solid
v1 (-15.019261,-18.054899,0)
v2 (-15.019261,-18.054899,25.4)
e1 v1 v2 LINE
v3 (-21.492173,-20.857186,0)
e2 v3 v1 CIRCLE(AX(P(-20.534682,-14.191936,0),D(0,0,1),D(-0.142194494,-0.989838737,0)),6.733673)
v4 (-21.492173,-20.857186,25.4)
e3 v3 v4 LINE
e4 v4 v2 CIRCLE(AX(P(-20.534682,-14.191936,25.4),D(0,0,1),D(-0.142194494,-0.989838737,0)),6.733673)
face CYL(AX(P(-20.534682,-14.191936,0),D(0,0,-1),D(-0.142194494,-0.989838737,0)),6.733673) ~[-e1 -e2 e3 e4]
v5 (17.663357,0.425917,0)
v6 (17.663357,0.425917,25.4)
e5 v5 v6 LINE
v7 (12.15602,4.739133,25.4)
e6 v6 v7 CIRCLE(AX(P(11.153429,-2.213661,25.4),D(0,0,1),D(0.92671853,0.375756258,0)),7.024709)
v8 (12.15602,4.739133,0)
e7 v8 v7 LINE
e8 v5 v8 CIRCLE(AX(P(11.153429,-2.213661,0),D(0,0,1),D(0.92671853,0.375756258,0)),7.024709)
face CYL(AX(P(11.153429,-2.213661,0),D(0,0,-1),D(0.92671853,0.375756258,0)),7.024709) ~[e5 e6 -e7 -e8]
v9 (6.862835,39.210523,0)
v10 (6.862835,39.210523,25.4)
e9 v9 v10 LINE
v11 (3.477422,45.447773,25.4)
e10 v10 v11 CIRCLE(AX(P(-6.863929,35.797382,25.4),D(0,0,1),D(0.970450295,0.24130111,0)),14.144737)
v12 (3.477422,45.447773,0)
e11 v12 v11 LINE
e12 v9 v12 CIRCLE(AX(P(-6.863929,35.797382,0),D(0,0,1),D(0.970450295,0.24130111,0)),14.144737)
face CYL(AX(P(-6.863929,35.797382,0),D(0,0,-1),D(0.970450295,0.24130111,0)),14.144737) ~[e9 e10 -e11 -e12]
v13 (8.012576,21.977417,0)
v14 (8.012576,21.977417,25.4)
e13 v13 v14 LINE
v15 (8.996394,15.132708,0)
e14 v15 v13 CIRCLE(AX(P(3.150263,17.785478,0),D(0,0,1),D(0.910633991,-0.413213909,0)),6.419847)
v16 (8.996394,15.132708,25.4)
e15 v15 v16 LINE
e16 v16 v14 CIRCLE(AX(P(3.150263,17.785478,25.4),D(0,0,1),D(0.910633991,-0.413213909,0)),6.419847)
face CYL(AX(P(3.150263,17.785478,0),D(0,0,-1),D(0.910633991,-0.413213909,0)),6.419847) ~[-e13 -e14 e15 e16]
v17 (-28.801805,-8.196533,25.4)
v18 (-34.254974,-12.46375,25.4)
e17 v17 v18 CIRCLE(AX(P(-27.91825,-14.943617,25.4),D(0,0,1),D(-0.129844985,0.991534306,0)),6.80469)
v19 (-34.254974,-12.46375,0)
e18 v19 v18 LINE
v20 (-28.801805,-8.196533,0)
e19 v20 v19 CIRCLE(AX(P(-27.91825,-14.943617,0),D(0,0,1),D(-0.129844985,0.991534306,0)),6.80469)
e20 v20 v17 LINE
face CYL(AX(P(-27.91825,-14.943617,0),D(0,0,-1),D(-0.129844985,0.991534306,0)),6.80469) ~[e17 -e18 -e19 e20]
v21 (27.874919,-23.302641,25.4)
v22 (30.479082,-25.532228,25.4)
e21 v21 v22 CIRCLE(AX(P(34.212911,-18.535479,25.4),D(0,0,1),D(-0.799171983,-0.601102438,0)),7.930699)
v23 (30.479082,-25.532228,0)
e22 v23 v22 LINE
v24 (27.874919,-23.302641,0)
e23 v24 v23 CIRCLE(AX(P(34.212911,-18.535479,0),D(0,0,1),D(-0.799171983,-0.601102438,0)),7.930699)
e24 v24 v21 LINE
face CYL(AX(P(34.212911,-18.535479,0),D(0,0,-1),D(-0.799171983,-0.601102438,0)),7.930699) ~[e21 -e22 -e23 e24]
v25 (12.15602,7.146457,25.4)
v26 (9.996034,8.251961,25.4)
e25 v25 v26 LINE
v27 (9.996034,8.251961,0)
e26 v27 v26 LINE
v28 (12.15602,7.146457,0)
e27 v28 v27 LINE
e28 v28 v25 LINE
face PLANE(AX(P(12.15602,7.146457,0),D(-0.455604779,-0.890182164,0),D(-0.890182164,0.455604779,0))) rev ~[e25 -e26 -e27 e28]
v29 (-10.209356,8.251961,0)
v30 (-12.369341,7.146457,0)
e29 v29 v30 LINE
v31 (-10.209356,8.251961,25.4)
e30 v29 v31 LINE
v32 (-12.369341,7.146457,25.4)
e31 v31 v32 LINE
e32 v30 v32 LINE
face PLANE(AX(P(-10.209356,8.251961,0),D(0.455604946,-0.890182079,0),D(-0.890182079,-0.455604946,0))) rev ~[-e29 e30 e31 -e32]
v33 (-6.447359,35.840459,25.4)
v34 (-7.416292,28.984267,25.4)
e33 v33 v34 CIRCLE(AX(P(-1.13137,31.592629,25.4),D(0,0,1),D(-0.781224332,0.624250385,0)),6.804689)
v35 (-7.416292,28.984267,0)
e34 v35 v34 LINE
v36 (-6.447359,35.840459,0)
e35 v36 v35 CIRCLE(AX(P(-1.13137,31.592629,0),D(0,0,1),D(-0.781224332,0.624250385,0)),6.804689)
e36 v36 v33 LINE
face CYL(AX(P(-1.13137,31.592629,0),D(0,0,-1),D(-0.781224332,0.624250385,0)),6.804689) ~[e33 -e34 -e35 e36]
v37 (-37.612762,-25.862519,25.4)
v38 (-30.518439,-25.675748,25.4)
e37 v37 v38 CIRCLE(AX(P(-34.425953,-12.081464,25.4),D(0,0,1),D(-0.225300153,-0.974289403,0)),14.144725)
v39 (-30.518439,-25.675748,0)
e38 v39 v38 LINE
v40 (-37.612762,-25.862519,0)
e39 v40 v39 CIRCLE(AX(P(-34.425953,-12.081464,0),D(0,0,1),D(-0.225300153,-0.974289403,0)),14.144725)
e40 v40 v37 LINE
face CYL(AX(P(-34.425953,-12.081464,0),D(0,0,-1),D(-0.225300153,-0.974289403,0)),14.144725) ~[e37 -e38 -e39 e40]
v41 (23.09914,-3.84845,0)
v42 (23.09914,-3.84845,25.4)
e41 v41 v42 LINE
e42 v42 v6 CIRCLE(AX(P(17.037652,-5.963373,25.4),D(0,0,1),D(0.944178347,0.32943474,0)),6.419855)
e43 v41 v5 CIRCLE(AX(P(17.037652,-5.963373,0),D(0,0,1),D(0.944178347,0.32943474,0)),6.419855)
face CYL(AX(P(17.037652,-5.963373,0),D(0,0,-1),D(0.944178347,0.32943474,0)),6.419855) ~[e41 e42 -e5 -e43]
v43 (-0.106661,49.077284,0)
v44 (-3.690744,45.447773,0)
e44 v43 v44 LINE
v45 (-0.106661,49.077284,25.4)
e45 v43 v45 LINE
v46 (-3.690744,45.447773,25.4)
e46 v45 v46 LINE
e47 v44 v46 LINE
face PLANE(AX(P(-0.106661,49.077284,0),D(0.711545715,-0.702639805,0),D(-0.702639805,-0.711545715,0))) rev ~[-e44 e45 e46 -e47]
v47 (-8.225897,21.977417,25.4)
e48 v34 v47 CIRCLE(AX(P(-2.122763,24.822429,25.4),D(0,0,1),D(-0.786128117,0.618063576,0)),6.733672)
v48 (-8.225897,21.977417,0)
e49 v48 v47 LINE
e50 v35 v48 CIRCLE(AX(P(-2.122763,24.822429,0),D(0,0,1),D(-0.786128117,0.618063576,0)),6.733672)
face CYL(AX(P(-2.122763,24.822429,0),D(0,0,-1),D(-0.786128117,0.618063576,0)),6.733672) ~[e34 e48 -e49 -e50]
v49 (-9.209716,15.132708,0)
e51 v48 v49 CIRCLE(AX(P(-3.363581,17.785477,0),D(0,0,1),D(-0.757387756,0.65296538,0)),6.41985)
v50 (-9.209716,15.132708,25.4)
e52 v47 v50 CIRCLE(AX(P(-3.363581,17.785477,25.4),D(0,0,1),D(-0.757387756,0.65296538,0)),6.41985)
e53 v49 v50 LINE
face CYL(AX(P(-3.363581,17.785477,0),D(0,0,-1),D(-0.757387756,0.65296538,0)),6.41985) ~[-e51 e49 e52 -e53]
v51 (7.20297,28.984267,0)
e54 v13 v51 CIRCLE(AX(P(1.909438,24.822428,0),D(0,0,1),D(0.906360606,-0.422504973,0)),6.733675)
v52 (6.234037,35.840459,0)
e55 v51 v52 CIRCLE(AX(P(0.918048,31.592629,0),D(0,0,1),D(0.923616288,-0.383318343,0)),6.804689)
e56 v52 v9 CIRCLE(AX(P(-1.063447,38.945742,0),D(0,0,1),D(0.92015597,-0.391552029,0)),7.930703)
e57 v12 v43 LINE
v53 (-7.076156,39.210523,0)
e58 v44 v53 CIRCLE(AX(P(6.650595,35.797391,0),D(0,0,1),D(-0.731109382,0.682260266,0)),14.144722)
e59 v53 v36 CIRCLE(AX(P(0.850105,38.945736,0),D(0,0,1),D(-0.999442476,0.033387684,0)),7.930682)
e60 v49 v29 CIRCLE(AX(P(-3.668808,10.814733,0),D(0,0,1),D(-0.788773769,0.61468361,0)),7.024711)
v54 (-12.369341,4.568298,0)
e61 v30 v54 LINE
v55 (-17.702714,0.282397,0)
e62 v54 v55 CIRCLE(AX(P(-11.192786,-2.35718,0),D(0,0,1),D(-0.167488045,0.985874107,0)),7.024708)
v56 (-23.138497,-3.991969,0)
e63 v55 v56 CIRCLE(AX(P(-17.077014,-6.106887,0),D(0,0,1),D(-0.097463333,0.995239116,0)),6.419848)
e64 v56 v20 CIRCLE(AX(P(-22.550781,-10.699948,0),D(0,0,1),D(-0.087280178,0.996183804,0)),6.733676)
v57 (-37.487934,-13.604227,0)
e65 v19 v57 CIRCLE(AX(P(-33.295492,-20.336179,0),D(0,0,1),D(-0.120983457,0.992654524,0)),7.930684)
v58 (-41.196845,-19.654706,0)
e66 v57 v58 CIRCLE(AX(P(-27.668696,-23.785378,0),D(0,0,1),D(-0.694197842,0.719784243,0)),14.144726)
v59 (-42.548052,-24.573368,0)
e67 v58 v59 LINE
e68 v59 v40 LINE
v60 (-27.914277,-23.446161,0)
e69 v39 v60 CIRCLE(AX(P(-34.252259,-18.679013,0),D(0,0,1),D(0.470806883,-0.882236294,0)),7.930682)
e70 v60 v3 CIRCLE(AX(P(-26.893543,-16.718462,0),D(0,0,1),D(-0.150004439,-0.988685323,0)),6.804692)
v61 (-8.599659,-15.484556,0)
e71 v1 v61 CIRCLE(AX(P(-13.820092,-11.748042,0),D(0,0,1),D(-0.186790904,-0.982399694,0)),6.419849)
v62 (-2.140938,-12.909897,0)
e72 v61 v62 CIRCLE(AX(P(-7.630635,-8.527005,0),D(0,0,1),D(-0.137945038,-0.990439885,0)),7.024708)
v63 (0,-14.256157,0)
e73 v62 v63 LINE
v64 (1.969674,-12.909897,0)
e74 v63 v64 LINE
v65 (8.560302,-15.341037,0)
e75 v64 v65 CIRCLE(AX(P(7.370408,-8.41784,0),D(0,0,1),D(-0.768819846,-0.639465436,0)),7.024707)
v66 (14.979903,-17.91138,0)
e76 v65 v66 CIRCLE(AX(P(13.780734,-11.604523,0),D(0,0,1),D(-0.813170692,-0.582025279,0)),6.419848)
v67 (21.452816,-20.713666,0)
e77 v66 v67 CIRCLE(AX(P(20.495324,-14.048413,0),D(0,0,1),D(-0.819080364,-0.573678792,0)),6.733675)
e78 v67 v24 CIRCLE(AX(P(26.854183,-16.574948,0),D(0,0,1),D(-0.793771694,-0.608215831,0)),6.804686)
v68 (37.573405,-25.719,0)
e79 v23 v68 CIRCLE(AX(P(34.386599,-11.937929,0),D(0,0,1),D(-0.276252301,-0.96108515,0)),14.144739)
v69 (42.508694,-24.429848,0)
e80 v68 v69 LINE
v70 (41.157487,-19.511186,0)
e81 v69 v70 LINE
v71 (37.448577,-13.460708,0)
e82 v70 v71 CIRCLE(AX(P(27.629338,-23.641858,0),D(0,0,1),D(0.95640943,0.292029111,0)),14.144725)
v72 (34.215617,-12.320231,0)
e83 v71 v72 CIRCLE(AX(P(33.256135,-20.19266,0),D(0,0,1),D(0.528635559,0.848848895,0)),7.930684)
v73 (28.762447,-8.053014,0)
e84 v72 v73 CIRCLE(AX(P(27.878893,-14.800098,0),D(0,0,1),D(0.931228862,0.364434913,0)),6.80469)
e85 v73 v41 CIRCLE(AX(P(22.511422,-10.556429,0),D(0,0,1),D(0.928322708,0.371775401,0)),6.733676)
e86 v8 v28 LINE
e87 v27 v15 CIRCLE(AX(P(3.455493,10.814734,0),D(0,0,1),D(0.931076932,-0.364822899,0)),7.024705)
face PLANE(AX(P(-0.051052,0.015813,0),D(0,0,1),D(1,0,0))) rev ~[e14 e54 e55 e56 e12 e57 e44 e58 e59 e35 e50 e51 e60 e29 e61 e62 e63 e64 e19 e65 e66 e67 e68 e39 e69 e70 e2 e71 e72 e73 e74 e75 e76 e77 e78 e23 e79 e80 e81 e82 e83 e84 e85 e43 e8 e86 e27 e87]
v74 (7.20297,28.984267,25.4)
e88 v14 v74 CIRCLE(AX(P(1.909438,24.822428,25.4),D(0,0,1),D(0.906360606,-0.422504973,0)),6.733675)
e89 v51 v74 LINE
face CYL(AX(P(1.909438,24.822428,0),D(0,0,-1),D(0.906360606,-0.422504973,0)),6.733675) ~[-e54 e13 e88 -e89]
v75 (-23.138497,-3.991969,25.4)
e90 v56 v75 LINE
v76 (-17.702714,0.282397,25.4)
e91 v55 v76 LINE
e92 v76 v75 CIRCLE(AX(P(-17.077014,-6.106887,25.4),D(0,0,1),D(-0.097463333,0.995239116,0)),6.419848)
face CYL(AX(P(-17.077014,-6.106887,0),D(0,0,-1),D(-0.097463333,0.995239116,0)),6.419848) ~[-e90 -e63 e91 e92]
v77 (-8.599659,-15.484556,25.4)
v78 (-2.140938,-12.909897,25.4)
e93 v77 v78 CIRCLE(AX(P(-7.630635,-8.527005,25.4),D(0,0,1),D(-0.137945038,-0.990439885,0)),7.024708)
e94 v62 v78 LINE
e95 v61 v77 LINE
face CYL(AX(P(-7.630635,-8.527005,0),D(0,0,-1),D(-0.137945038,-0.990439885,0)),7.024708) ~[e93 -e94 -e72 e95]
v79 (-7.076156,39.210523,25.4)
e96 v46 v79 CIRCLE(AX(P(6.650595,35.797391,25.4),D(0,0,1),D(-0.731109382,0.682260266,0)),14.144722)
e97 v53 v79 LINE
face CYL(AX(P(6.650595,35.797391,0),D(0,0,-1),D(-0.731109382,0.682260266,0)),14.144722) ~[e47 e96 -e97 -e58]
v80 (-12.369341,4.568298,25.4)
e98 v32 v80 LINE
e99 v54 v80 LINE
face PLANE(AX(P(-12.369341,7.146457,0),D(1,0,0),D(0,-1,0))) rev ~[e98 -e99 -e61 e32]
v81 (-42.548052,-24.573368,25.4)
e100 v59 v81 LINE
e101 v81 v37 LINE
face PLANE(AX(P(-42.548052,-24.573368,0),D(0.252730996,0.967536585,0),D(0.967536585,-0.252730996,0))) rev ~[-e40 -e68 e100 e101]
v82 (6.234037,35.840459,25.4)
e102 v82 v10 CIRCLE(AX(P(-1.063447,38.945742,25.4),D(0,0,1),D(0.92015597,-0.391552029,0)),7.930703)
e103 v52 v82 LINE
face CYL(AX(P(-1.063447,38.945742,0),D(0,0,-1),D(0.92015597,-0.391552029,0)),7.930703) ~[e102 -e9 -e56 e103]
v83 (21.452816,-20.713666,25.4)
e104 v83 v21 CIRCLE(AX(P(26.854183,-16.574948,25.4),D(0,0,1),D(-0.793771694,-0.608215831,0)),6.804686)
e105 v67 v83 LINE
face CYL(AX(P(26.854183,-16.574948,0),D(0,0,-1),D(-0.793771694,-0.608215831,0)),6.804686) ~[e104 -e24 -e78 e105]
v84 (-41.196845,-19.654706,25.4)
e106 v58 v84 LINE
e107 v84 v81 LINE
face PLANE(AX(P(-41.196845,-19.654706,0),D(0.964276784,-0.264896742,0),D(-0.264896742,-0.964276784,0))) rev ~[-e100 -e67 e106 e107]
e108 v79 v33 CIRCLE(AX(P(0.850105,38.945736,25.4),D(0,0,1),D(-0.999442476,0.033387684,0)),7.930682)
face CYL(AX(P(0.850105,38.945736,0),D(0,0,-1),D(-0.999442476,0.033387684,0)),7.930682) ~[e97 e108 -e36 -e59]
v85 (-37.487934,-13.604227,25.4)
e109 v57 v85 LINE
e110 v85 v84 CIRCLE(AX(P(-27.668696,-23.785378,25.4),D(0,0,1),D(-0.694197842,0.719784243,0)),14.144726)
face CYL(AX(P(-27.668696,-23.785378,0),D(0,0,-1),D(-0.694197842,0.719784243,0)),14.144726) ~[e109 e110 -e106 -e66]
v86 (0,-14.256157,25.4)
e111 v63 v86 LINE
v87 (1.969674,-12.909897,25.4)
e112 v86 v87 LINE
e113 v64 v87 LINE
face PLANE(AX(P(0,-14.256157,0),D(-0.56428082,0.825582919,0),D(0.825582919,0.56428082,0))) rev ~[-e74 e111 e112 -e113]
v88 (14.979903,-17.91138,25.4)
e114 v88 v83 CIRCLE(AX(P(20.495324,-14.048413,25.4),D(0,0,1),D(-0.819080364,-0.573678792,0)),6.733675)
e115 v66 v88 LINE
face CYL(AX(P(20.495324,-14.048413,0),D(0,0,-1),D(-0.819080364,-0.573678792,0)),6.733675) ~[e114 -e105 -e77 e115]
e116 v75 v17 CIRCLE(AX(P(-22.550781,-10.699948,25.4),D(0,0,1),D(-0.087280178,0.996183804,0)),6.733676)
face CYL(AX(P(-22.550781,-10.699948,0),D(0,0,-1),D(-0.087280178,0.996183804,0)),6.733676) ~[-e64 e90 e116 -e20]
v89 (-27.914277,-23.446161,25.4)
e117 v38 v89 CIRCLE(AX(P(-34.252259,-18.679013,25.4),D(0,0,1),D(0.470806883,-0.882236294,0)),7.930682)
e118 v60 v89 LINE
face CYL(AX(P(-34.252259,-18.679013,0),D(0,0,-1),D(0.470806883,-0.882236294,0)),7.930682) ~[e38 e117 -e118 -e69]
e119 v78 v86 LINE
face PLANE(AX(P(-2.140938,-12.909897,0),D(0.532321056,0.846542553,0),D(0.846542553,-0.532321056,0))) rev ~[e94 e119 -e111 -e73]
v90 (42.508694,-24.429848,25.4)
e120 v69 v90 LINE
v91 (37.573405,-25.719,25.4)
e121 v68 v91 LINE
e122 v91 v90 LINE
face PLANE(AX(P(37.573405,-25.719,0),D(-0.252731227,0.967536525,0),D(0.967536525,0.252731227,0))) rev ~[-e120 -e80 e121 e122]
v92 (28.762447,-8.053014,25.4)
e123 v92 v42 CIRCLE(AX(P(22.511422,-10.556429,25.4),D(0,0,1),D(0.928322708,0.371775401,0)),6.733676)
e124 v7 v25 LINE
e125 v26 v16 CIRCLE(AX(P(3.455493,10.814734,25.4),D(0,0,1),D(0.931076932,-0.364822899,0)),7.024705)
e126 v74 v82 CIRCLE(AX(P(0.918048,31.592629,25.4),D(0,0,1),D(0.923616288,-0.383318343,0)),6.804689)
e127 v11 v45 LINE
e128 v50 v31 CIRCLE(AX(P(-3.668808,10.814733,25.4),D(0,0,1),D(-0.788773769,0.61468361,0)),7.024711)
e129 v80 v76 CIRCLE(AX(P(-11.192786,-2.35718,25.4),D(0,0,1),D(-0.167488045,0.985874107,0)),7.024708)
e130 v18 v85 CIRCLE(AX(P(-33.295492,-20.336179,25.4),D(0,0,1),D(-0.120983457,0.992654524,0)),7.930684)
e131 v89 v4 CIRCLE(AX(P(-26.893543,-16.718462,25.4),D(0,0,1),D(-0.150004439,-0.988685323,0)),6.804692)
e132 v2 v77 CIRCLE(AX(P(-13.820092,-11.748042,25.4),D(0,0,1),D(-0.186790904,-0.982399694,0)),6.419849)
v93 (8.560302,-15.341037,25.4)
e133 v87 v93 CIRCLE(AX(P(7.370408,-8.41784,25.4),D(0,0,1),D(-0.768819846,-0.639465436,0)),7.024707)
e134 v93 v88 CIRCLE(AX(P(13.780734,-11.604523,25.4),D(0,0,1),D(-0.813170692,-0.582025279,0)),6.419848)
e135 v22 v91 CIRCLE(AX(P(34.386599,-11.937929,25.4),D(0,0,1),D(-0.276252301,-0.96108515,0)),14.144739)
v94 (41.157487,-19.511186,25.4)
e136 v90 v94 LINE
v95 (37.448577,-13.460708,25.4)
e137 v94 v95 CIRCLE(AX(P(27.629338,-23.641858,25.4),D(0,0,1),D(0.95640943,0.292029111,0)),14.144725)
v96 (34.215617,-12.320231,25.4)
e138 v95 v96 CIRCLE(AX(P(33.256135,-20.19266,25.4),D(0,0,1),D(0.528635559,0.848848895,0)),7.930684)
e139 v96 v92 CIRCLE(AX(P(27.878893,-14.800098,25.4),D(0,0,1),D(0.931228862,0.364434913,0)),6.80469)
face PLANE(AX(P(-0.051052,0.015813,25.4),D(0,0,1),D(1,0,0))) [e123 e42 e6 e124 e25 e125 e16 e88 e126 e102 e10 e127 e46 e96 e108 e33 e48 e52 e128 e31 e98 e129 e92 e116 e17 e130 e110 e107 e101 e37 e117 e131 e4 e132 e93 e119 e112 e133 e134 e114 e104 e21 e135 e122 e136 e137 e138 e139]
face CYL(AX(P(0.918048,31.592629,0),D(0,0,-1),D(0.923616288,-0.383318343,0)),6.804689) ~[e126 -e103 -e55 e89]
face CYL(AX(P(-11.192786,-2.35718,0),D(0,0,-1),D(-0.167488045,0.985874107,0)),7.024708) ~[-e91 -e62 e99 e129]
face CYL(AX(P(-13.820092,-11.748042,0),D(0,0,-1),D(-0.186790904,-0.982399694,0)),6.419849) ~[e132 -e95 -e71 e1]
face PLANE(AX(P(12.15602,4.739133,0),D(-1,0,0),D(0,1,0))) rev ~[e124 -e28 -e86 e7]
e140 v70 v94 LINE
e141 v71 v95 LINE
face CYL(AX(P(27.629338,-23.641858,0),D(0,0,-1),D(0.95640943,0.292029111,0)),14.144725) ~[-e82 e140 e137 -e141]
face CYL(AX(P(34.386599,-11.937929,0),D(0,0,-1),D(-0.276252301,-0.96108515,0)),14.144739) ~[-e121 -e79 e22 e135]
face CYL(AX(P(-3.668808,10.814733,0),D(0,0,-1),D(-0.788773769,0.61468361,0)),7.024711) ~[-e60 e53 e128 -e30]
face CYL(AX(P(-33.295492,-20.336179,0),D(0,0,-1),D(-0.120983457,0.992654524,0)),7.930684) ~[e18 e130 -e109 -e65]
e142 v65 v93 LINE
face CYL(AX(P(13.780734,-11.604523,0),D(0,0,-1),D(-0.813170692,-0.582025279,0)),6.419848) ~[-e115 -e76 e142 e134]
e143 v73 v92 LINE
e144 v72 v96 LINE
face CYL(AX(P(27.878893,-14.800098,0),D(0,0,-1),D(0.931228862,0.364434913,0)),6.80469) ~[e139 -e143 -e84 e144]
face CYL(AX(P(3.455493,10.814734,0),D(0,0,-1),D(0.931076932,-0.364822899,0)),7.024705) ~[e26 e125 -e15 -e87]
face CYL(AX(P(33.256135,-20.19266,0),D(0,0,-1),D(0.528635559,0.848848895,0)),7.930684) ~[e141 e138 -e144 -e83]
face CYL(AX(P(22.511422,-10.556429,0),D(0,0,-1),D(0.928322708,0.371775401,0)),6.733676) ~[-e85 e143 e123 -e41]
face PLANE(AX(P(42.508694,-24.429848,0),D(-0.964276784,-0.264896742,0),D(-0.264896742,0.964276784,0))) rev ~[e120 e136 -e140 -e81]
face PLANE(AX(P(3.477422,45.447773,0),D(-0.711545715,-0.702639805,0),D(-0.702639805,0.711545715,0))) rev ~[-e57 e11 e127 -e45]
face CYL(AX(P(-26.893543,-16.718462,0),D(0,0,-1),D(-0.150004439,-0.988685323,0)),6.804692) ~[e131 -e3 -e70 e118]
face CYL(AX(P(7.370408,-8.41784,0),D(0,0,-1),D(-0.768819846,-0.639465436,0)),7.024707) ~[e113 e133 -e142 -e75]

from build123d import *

# Parameters (mm, degrees)
F1_DEPTH = 25.4


with BuildPart() as f1:
    # F0 (on Top) → F1 (new body)
    with BuildSketch(Plane.XY):
        with BuildLine():
            Line((3.477422, 45.447773), (-0.106661, 49.077284))
            Line((-0.106661, 49.077284), (-3.690744, 45.447773))
            ThreePointArc((-3.690744, 45.447773), (-5.78098, 42.544917), (-7.076156, 39.210523))
            ThreePointArc((-7.076156, 39.210523), (-6.946034, 37.491108), (-6.447359, 35.840459))
            ThreePointArc((-6.447359, 35.840459), (-7.869109, 32.544822), (-7.416292, 28.984267))
            ThreePointArc((-7.416292, 28.984267), (-8.811931, 25.595328), (-8.225897, 21.977417))
            ThreePointArc((-8.225897, 21.977417), (-9.718126, 18.698842), (-9.209716, 15.132708))
            ThreePointArc((-9.209716, 15.132708), (-10.620539, 11.824686), (-10.209356, 8.251961))
            Line((-10.209356, 8.251961), (-12.369341, 7.146457))
            Line((-12.369341, 7.146457), (-12.369341, 4.638605))
            Line((-12.369341, 4.638605), (-12.369341, 4.568298))
            ThreePointArc((-12.369341, 4.568298), (-15.593098, 3.118565), (-17.702714, 0.282397))
            ThreePointArc((-17.702714, 0.282397), (-21.045283, -1.060374), (-23.138497, -3.991969))
            ThreePointArc((-23.138497, -3.991969), (-26.564717, -5.293405), (-28.801805, -8.196533))
            ThreePointArc((-28.801805, -8.196533), (-32.111744, -9.58466), (-34.254974, -12.46375))
            ThreePointArc((-34.254974, -12.46375), (-35.933816, -12.857209), (-37.487934, -13.604227))
            ThreePointArc((-37.487934, -13.604227), (-39.728016, -16.39308), (-41.196845, -19.654706))
            Line((-41.196845, -19.654706), (-42.548052, -24.573368))
            Line((-42.548052, -24.573368), (-37.612762, -25.862519))
            ThreePointArc((-37.612762, -25.862519), (-34.053697, -26.221289), (-30.518439, -25.675748))
            ThreePointArc((-30.518439, -25.675748), (-29.094443, -24.703351), (-27.914277, -23.446161))
            ThreePointArc((-27.914277, -23.446161), (-24.349296, -23.029614), (-21.492173, -20.857186))
            ThreePointArc((-21.492173, -20.857186), (-17.859447, -20.371375), (-15.019261, -18.054899))
            ThreePointArc((-15.019261, -18.054899), (-11.433817, -17.70792), (-8.599659, -15.484556))
            ThreePointArc((-8.599659, -15.484556), (-5.029416, -15.052354), (-2.140938, -12.909897))
            Line((-2.140938, -12.909897), (0, -14.256157))
            Line((0, -14.256157), (1.969674, -12.909897))
            ThreePointArc((1.969674, -12.909897), (4.939276, -15.008447), (8.560302, -15.341037))
            ThreePointArc((8.560302, -15.341037), (11.39446, -17.564401), (14.979903, -17.91138))
            ThreePointArc((14.979903, -17.91138), (17.820089, -20.227855), (21.452816, -20.713666))
            ThreePointArc((21.452816, -20.713666), (24.309939, -22.886095), (27.874919, -23.302641))
            ThreePointArc((27.874919, -23.302641), (29.055086, -24.559831), (30.479082, -25.532228))
            ThreePointArc((30.479082, -25.532228), (34.014339, -26.077769), (37.573405, -25.719))
            Line((37.573405, -25.719), (42.508694, -24.429848))
            Line((42.508694, -24.429848), (41.157487, -19.511186))
            ThreePointArc((41.157487, -19.511186), (39.688658, -16.24956), (37.448577, -13.460708))
            ThreePointArc((37.448577, -13.460708), (35.894459, -12.71369), (34.215617, -12.320231))
            ThreePointArc((34.215617, -12.320231), (32.072387, -9.441141), (28.762447, -8.053014))
            ThreePointArc((28.762447, -8.053014), (26.525359, -5.149886), (23.09914, -3.84845))
            ThreePointArc((23.09914, -3.84845), (21.005925, -0.916855), (17.663357, 0.425917))
            ThreePointArc((17.663357, 0.425917), (15.484762, 3.316808), (12.15602, 4.739133))
            Line((12.15602, 4.739133), (12.15602, 7.146457))
            Line((12.15602, 7.146457), (9.996034, 8.251961))
            ThreePointArc((9.996034, 8.251961), (10.407218, 11.824686), (8.996394, 15.132708))
            ThreePointArc((8.996394, 15.132708), (9.504805, 18.698842), (8.012576, 21.977417))
            ThreePointArc((8.012576, 21.977417), (8.598609, 25.595328), (7.20297, 28.984267))
            ThreePointArc((7.20297, 28.984267), (7.655787, 32.544822), (6.234037, 35.840459))
            ThreePointArc((6.234037, 35.840459), (6.732712, 37.491108), (6.862835, 39.210523))
            ThreePointArc((6.862835, 39.210523), (5.567658, 42.544917), (3.477422, 45.447773))
        make_face()
    extrude(amount=F1_DEPTH)


solid = f1.part
